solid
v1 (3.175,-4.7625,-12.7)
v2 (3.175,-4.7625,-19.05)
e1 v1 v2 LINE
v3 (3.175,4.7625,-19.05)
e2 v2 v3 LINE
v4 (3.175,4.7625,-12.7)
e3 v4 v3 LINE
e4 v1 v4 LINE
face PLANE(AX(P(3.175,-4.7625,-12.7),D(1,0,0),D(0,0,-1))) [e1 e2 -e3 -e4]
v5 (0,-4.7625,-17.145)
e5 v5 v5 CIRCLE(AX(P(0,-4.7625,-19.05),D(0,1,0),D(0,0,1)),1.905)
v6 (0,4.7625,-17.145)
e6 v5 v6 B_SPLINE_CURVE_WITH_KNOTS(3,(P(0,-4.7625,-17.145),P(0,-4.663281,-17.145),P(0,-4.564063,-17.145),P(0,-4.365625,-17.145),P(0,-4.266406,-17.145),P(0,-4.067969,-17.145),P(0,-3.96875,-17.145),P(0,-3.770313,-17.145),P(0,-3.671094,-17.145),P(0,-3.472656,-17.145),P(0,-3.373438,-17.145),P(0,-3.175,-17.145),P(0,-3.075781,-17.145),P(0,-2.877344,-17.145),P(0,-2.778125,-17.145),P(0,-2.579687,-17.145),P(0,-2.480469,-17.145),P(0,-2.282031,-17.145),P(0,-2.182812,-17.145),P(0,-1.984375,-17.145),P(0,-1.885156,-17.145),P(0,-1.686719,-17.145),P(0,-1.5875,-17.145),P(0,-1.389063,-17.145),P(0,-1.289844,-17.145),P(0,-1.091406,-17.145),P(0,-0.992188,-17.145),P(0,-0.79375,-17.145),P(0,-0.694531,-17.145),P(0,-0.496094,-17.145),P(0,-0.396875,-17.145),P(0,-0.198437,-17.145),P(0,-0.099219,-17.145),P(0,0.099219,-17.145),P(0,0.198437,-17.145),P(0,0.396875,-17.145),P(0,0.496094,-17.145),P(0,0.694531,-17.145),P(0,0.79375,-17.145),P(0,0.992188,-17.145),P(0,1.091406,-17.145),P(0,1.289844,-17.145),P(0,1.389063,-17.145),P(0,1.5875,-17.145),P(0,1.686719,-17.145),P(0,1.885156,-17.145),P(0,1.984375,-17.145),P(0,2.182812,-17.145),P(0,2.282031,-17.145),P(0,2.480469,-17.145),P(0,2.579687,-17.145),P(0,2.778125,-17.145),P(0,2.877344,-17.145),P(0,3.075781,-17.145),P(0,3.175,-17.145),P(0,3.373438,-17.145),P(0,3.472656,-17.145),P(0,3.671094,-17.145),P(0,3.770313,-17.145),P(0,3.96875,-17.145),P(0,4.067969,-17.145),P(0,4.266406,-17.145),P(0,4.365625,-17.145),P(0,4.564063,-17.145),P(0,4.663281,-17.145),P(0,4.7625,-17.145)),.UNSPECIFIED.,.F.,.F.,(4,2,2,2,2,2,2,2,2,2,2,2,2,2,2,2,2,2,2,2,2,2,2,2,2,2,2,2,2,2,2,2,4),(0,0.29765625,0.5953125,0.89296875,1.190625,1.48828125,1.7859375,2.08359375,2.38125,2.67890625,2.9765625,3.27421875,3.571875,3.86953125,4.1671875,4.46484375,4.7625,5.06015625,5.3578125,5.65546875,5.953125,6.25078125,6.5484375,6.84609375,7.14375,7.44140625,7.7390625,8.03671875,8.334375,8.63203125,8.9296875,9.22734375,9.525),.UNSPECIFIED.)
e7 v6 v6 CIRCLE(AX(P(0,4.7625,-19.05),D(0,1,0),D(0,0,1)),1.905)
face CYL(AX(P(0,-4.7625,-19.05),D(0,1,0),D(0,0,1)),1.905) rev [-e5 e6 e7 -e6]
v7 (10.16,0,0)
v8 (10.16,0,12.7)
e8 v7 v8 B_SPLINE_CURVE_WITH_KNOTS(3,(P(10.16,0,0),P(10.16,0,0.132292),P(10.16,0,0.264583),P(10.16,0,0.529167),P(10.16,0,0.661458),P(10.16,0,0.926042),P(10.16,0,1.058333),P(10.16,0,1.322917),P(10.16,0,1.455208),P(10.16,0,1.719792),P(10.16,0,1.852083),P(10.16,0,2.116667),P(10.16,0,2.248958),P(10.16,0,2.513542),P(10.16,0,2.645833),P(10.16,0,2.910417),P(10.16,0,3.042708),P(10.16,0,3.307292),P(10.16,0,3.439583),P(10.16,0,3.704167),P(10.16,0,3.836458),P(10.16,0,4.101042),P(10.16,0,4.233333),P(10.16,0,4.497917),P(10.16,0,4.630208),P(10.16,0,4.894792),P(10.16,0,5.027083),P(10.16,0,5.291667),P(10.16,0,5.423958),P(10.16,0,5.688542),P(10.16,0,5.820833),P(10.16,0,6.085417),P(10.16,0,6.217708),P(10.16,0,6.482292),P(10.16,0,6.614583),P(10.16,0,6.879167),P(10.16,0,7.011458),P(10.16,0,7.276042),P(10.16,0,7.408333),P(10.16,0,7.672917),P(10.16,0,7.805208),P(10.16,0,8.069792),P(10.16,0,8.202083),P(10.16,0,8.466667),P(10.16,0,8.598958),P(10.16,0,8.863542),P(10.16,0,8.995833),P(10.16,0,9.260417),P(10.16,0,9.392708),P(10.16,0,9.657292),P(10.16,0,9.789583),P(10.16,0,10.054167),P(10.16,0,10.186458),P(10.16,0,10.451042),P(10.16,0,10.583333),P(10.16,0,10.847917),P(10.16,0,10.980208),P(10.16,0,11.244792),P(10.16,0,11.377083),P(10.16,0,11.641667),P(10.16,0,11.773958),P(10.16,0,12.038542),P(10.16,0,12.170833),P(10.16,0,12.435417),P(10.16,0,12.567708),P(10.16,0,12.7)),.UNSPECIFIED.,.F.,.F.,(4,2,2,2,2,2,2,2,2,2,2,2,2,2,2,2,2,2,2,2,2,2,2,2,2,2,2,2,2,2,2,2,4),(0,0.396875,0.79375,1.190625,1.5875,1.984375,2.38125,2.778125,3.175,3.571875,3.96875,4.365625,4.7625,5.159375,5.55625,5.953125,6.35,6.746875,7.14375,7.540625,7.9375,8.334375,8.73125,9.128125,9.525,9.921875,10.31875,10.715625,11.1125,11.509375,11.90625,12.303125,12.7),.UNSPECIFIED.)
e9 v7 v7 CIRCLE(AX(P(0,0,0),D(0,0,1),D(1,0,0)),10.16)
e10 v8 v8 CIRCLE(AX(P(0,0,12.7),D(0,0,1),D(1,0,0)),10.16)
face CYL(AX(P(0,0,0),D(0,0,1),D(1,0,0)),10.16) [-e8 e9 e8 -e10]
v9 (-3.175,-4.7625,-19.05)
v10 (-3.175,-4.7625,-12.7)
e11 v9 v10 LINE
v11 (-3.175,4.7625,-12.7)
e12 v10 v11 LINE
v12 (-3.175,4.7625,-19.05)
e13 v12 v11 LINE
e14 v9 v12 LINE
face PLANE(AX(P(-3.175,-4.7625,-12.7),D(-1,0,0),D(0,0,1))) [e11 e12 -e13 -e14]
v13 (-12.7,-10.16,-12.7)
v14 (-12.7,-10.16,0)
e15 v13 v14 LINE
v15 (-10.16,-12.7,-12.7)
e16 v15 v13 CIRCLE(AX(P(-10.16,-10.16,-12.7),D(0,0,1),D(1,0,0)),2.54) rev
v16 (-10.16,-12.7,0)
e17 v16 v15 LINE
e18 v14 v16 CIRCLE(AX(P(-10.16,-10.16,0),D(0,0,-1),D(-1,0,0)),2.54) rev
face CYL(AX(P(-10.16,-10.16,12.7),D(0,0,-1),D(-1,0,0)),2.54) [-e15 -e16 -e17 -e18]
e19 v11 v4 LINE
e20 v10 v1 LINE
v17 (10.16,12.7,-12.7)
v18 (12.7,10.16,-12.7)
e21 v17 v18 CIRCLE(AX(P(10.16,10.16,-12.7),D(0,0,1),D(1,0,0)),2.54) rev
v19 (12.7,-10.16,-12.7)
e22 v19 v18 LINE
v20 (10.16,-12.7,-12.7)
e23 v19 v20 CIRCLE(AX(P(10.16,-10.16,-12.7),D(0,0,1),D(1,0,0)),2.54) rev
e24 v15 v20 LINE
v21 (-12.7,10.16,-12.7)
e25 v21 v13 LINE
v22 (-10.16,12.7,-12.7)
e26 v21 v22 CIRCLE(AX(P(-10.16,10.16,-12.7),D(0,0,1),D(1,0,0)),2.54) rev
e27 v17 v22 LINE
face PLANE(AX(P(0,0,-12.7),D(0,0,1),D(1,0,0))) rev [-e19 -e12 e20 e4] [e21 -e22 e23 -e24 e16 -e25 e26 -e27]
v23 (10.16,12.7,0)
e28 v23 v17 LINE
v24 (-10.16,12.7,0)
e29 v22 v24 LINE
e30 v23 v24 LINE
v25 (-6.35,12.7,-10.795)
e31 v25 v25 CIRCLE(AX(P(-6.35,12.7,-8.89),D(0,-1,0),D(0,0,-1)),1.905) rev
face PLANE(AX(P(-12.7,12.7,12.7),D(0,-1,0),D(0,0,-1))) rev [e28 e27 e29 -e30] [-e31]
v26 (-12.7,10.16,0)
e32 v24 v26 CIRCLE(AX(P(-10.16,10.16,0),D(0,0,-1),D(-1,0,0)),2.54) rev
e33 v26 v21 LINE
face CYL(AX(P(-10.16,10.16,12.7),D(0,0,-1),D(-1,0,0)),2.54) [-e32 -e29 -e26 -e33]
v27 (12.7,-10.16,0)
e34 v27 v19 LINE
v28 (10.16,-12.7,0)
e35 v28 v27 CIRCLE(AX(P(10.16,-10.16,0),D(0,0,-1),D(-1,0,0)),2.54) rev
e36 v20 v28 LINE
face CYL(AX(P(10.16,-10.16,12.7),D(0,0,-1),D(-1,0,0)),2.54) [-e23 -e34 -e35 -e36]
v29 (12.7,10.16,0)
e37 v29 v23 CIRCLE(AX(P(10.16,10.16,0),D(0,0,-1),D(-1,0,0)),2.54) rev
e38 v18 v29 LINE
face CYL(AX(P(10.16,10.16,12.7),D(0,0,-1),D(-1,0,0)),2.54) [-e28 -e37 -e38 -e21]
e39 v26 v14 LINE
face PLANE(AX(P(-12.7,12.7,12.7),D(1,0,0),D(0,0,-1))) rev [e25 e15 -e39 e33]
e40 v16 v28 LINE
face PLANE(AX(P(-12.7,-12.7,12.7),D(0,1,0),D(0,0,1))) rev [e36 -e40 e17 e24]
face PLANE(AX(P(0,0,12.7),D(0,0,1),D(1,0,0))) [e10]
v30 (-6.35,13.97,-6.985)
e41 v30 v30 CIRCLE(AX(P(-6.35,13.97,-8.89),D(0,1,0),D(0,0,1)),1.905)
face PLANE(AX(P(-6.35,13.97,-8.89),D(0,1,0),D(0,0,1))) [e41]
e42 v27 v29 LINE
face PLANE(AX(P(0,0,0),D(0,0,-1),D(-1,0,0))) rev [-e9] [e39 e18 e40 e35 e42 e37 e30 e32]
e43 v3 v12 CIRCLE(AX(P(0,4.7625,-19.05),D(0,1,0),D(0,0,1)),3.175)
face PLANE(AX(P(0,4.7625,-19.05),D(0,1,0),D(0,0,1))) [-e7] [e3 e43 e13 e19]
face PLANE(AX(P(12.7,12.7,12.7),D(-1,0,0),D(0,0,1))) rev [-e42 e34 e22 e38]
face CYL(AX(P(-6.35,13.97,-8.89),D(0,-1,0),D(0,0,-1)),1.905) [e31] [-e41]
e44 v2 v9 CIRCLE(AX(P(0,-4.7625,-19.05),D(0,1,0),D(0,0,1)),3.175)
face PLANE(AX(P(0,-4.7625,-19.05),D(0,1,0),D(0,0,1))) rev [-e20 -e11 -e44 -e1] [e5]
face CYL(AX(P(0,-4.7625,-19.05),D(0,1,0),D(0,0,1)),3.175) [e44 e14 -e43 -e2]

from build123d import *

# Parameters (mm, degrees)
SKETCH1_W           = 25.4
SKETCH1_H           = 25.4
BOSS_EXTRUDE1_DEPTH = 12.7
SKETCH3_W           = 25.4
SKETCH3_H           = 25.4
SKETCH3_R           = 10.16
CUT_EXTRUDE1_DEPTH  = 12.7
FILLET1_R           = 2.54
SKETCH4_R           = 1.905
BOSS_EXTRUDE3_DEPTH = 1.27
SKETCH5_R           = 1.905
BOSS_EXTRUDE4_DEPTH = 9.525


with BuildPart() as part:
    # Sketch1 → Boss-Extrude1 (new, symmetric)
    with BuildSketch(Plane.XY):
        Rectangle(SKETCH1_W, SKETCH1_H)
    extrude(amount=BOSS_EXTRUDE1_DEPTH, both=True)

    # Sketch3 → Cut-Extrude1 (cut)
    with BuildSketch(Plane.XY.offset(12.7)):
        Rectangle(SKETCH3_W, SKETCH3_H)
        Circle(SKETCH3_R, mode=Mode.SUBTRACT)
    extrude(amount=-CUT_EXTRUDE1_DEPTH, mode=Mode.SUBTRACT)

    # Fillet1
    fillet1_edges = [part.edges().sort_by_distance(p)[0] for p in [
        (12.7, -12.7, -6.35),
        (-12.7, -12.7, -6.35),
        (-12.7, 12.7, -6.35),
        (12.7, 12.7, -6.35),
    ]]
    fillet(fillet1_edges, radius=FILLET1_R)

    # Sketch4 → Boss-Extrude3 (add, symmetric)
    with BuildSketch(Plane(origin=(0, 12.7, 0), x_dir=(1, 0, 0), z_dir=(0, 1, 0))):
        with Locations(Location((-6.35, 8.89, 0), (0, 0, 90))):
            Circle(SKETCH4_R)
    extrude(amount=BOSS_EXTRUDE3_DEPTH, both=True)

    # Sketch5 → Boss-Extrude4 (add)
    with BuildSketch(Plane(origin=(0, 4.7625, 0), x_dir=(1, 0, 0), z_dir=(0, 1, 0))):
        with BuildLine():
            Line((-3.175, 12.7), (3.175, 12.7))
            Line((3.175, 12.7), (3.175, 19.05))
            ThreePointArc((3.175, 19.05), (0, 22.225), (-3.175, 19.05))
            Line((-3.175, 19.05), (-3.175, 12.7))
        make_face()
        with Locations(Location((0, 19.05, 0), (0, 0, 270))):
            Circle(SKETCH5_R, mode=Mode.SUBTRACT)
    extrude(amount=-BOSS_EXTRUDE4_DEPTH)


solid = part.part
